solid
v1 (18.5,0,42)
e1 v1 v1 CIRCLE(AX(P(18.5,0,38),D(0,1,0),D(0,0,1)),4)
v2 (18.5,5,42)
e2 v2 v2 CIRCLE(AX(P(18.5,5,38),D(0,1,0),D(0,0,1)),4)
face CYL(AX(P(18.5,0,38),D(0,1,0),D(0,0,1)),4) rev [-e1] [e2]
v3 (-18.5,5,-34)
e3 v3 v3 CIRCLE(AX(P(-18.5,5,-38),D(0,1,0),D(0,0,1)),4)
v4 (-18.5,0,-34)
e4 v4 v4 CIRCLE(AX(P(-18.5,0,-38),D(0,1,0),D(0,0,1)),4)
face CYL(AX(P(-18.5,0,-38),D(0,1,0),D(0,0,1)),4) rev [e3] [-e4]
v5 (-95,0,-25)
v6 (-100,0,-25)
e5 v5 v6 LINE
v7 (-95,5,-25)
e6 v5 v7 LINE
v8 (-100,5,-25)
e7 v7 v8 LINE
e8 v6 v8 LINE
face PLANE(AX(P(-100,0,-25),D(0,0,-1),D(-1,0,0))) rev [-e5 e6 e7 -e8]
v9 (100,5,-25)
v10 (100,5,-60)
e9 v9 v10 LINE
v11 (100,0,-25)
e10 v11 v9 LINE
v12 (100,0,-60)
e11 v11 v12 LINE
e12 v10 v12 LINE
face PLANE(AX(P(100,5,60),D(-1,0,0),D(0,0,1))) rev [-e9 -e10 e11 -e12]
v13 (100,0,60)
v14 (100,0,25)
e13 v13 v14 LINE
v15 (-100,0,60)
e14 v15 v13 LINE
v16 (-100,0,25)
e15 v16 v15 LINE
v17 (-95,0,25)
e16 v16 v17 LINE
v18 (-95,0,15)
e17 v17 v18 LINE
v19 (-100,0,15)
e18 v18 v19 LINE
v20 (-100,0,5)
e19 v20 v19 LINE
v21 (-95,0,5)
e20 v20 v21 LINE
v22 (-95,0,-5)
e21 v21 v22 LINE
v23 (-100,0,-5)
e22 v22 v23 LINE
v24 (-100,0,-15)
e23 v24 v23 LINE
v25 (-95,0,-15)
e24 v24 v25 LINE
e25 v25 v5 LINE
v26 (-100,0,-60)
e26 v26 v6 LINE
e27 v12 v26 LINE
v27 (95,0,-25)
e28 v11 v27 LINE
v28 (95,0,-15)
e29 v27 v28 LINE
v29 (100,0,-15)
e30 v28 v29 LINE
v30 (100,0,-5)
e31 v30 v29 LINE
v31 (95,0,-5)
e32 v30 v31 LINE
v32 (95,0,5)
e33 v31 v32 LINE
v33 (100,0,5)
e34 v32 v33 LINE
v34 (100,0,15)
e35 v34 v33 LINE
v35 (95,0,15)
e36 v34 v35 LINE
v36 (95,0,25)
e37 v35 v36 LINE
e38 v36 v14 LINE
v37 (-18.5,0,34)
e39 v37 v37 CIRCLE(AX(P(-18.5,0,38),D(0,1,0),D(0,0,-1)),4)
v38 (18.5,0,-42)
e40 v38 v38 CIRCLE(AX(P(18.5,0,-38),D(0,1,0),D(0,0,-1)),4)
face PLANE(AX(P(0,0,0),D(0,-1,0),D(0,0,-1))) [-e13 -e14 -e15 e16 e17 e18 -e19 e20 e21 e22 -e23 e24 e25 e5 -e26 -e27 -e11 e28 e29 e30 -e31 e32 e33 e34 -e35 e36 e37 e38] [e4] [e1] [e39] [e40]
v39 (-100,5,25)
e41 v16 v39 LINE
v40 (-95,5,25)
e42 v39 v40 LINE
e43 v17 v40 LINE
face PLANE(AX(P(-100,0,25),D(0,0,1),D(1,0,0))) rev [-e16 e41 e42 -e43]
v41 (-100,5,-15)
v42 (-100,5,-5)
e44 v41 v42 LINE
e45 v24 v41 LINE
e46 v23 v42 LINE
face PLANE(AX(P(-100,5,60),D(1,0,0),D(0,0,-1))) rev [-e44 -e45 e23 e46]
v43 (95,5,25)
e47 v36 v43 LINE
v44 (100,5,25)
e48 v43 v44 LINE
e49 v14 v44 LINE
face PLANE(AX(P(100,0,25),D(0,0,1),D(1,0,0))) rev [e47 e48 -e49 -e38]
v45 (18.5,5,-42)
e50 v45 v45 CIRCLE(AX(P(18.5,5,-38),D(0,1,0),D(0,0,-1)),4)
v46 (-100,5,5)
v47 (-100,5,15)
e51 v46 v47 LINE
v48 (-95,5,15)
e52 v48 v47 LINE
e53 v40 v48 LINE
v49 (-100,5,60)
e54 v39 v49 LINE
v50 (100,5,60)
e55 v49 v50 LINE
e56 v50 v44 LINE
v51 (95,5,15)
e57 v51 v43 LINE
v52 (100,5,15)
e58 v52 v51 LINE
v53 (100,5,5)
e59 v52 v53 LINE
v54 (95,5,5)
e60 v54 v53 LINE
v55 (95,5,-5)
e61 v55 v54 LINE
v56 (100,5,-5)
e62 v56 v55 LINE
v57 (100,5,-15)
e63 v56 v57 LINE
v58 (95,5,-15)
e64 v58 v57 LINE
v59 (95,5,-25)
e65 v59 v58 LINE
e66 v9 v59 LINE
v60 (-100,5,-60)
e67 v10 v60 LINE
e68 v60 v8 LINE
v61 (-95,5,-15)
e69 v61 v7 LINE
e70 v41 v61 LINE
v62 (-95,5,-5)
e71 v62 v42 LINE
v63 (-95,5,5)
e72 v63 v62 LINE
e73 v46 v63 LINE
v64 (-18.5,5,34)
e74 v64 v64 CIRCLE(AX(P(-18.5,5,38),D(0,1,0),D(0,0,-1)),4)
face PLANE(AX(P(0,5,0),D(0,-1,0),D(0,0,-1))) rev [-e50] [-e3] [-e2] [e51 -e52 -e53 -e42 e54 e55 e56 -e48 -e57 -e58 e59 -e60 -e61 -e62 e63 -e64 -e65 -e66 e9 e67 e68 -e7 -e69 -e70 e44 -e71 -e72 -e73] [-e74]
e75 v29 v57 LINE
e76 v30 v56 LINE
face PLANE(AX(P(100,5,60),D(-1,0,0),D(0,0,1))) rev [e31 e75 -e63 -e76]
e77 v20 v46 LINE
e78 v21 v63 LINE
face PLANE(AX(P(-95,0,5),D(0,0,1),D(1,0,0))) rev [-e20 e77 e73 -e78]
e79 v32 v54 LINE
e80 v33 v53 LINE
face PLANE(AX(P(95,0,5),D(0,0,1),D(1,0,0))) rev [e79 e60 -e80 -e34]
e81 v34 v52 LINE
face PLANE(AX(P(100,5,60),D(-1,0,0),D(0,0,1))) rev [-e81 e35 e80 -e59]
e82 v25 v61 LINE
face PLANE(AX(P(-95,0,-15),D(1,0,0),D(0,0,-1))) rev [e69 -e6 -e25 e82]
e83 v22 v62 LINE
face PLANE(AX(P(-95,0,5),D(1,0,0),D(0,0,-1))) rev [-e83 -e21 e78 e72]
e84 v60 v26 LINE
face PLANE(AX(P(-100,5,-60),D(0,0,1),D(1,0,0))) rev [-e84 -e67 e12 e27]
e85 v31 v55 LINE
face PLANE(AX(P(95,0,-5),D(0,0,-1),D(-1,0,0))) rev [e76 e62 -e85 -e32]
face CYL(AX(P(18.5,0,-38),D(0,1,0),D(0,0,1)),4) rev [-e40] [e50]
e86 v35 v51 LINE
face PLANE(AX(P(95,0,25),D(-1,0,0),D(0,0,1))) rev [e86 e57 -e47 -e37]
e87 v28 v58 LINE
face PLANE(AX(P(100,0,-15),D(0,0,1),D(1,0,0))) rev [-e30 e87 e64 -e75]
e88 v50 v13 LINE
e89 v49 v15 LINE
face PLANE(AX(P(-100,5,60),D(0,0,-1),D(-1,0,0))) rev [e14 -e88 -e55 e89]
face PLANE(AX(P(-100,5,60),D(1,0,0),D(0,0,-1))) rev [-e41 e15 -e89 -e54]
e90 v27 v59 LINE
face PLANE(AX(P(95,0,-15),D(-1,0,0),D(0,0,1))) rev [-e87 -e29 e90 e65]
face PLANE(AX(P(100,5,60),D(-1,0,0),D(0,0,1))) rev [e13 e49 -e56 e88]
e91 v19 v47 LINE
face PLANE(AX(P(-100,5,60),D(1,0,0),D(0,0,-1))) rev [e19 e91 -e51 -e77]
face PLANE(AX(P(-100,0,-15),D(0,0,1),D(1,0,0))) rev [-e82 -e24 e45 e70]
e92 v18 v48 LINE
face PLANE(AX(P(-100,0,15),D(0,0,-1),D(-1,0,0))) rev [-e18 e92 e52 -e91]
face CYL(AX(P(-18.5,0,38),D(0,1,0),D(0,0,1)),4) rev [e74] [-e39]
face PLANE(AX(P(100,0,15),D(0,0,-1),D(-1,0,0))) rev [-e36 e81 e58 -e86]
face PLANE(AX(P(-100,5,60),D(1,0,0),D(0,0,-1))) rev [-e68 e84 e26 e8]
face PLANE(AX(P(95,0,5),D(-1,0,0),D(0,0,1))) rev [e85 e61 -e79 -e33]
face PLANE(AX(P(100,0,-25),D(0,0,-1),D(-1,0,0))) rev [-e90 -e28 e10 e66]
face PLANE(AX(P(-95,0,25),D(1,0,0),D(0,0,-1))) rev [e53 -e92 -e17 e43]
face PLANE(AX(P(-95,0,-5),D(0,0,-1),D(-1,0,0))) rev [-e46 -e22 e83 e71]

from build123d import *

# Parameters (mm, degrees)
SKETCH_1_W          = 200
SKETCH_1_H          = 120
EXTRUDE_1_DEPTH     = 5
SKETCH_2_W          = 5
SKETCH_2_H          = 10
CUT_EXTRUDE_1_DEPTH = 5
SKETCH_3_R          = 4
CUT_EXTRUDE_2_DEPTH = 6


with BuildPart() as part:
    # 草图1 → 凸台-拉伸1 (new body)
    with BuildSketch(Plane(origin=(0, 0, 0), x_dir=(1, 0, 0), z_dir=(0, 1, 0))):
        Rectangle(SKETCH_1_W, SKETCH_1_H)
    extrude(amount=EXTRUDE_1_DEPTH)

    # 草图2 → 切除-拉伸1 (cut)
    with BuildSketch(Plane(origin=(0, 5, 0), x_dir=(1, 0, 0), z_dir=(0, 1, 0))):
        with Locations((97.5, 0)):
            Rectangle(SKETCH_2_W, SKETCH_2_H)
        with Locations((-97.5, 0)):
            Rectangle(SKETCH_2_W, SKETCH_2_H)
        with Locations((-97.5, -20)):
            Rectangle(SKETCH_2_W, SKETCH_2_H)
        with Locations((-97.5, 20)):
            Rectangle(SKETCH_2_W, SKETCH_2_H)
        with Locations((97.5, -20)):
            Rectangle(SKETCH_2_W, SKETCH_2_H)
        with Locations((97.5, 20)):
            Rectangle(SKETCH_2_W, SKETCH_2_H)
    extrude(amount=-CUT_EXTRUDE_1_DEPTH, mode=Mode.SUBTRACT)

    # 草图3 → 切除-拉伸2 (cut, through all)
    with BuildSketch(Plane(origin=(0, 5, 0), x_dir=(1, 0, 0), z_dir=(0, 1, 0))):
        with Locations((-18.5, 38)):
            Circle(SKETCH_3_R)
        with Locations((18.5, 38)):
            Circle(SKETCH_3_R)
        with Locations((18.5, -38)):
            Circle(SKETCH_3_R)
        with Locations((-18.5, -38)):
            Circle(SKETCH_3_R)
    extrude(amount=-CUT_EXTRUDE_2_DEPTH, mode=Mode.SUBTRACT)


solid = part.part
